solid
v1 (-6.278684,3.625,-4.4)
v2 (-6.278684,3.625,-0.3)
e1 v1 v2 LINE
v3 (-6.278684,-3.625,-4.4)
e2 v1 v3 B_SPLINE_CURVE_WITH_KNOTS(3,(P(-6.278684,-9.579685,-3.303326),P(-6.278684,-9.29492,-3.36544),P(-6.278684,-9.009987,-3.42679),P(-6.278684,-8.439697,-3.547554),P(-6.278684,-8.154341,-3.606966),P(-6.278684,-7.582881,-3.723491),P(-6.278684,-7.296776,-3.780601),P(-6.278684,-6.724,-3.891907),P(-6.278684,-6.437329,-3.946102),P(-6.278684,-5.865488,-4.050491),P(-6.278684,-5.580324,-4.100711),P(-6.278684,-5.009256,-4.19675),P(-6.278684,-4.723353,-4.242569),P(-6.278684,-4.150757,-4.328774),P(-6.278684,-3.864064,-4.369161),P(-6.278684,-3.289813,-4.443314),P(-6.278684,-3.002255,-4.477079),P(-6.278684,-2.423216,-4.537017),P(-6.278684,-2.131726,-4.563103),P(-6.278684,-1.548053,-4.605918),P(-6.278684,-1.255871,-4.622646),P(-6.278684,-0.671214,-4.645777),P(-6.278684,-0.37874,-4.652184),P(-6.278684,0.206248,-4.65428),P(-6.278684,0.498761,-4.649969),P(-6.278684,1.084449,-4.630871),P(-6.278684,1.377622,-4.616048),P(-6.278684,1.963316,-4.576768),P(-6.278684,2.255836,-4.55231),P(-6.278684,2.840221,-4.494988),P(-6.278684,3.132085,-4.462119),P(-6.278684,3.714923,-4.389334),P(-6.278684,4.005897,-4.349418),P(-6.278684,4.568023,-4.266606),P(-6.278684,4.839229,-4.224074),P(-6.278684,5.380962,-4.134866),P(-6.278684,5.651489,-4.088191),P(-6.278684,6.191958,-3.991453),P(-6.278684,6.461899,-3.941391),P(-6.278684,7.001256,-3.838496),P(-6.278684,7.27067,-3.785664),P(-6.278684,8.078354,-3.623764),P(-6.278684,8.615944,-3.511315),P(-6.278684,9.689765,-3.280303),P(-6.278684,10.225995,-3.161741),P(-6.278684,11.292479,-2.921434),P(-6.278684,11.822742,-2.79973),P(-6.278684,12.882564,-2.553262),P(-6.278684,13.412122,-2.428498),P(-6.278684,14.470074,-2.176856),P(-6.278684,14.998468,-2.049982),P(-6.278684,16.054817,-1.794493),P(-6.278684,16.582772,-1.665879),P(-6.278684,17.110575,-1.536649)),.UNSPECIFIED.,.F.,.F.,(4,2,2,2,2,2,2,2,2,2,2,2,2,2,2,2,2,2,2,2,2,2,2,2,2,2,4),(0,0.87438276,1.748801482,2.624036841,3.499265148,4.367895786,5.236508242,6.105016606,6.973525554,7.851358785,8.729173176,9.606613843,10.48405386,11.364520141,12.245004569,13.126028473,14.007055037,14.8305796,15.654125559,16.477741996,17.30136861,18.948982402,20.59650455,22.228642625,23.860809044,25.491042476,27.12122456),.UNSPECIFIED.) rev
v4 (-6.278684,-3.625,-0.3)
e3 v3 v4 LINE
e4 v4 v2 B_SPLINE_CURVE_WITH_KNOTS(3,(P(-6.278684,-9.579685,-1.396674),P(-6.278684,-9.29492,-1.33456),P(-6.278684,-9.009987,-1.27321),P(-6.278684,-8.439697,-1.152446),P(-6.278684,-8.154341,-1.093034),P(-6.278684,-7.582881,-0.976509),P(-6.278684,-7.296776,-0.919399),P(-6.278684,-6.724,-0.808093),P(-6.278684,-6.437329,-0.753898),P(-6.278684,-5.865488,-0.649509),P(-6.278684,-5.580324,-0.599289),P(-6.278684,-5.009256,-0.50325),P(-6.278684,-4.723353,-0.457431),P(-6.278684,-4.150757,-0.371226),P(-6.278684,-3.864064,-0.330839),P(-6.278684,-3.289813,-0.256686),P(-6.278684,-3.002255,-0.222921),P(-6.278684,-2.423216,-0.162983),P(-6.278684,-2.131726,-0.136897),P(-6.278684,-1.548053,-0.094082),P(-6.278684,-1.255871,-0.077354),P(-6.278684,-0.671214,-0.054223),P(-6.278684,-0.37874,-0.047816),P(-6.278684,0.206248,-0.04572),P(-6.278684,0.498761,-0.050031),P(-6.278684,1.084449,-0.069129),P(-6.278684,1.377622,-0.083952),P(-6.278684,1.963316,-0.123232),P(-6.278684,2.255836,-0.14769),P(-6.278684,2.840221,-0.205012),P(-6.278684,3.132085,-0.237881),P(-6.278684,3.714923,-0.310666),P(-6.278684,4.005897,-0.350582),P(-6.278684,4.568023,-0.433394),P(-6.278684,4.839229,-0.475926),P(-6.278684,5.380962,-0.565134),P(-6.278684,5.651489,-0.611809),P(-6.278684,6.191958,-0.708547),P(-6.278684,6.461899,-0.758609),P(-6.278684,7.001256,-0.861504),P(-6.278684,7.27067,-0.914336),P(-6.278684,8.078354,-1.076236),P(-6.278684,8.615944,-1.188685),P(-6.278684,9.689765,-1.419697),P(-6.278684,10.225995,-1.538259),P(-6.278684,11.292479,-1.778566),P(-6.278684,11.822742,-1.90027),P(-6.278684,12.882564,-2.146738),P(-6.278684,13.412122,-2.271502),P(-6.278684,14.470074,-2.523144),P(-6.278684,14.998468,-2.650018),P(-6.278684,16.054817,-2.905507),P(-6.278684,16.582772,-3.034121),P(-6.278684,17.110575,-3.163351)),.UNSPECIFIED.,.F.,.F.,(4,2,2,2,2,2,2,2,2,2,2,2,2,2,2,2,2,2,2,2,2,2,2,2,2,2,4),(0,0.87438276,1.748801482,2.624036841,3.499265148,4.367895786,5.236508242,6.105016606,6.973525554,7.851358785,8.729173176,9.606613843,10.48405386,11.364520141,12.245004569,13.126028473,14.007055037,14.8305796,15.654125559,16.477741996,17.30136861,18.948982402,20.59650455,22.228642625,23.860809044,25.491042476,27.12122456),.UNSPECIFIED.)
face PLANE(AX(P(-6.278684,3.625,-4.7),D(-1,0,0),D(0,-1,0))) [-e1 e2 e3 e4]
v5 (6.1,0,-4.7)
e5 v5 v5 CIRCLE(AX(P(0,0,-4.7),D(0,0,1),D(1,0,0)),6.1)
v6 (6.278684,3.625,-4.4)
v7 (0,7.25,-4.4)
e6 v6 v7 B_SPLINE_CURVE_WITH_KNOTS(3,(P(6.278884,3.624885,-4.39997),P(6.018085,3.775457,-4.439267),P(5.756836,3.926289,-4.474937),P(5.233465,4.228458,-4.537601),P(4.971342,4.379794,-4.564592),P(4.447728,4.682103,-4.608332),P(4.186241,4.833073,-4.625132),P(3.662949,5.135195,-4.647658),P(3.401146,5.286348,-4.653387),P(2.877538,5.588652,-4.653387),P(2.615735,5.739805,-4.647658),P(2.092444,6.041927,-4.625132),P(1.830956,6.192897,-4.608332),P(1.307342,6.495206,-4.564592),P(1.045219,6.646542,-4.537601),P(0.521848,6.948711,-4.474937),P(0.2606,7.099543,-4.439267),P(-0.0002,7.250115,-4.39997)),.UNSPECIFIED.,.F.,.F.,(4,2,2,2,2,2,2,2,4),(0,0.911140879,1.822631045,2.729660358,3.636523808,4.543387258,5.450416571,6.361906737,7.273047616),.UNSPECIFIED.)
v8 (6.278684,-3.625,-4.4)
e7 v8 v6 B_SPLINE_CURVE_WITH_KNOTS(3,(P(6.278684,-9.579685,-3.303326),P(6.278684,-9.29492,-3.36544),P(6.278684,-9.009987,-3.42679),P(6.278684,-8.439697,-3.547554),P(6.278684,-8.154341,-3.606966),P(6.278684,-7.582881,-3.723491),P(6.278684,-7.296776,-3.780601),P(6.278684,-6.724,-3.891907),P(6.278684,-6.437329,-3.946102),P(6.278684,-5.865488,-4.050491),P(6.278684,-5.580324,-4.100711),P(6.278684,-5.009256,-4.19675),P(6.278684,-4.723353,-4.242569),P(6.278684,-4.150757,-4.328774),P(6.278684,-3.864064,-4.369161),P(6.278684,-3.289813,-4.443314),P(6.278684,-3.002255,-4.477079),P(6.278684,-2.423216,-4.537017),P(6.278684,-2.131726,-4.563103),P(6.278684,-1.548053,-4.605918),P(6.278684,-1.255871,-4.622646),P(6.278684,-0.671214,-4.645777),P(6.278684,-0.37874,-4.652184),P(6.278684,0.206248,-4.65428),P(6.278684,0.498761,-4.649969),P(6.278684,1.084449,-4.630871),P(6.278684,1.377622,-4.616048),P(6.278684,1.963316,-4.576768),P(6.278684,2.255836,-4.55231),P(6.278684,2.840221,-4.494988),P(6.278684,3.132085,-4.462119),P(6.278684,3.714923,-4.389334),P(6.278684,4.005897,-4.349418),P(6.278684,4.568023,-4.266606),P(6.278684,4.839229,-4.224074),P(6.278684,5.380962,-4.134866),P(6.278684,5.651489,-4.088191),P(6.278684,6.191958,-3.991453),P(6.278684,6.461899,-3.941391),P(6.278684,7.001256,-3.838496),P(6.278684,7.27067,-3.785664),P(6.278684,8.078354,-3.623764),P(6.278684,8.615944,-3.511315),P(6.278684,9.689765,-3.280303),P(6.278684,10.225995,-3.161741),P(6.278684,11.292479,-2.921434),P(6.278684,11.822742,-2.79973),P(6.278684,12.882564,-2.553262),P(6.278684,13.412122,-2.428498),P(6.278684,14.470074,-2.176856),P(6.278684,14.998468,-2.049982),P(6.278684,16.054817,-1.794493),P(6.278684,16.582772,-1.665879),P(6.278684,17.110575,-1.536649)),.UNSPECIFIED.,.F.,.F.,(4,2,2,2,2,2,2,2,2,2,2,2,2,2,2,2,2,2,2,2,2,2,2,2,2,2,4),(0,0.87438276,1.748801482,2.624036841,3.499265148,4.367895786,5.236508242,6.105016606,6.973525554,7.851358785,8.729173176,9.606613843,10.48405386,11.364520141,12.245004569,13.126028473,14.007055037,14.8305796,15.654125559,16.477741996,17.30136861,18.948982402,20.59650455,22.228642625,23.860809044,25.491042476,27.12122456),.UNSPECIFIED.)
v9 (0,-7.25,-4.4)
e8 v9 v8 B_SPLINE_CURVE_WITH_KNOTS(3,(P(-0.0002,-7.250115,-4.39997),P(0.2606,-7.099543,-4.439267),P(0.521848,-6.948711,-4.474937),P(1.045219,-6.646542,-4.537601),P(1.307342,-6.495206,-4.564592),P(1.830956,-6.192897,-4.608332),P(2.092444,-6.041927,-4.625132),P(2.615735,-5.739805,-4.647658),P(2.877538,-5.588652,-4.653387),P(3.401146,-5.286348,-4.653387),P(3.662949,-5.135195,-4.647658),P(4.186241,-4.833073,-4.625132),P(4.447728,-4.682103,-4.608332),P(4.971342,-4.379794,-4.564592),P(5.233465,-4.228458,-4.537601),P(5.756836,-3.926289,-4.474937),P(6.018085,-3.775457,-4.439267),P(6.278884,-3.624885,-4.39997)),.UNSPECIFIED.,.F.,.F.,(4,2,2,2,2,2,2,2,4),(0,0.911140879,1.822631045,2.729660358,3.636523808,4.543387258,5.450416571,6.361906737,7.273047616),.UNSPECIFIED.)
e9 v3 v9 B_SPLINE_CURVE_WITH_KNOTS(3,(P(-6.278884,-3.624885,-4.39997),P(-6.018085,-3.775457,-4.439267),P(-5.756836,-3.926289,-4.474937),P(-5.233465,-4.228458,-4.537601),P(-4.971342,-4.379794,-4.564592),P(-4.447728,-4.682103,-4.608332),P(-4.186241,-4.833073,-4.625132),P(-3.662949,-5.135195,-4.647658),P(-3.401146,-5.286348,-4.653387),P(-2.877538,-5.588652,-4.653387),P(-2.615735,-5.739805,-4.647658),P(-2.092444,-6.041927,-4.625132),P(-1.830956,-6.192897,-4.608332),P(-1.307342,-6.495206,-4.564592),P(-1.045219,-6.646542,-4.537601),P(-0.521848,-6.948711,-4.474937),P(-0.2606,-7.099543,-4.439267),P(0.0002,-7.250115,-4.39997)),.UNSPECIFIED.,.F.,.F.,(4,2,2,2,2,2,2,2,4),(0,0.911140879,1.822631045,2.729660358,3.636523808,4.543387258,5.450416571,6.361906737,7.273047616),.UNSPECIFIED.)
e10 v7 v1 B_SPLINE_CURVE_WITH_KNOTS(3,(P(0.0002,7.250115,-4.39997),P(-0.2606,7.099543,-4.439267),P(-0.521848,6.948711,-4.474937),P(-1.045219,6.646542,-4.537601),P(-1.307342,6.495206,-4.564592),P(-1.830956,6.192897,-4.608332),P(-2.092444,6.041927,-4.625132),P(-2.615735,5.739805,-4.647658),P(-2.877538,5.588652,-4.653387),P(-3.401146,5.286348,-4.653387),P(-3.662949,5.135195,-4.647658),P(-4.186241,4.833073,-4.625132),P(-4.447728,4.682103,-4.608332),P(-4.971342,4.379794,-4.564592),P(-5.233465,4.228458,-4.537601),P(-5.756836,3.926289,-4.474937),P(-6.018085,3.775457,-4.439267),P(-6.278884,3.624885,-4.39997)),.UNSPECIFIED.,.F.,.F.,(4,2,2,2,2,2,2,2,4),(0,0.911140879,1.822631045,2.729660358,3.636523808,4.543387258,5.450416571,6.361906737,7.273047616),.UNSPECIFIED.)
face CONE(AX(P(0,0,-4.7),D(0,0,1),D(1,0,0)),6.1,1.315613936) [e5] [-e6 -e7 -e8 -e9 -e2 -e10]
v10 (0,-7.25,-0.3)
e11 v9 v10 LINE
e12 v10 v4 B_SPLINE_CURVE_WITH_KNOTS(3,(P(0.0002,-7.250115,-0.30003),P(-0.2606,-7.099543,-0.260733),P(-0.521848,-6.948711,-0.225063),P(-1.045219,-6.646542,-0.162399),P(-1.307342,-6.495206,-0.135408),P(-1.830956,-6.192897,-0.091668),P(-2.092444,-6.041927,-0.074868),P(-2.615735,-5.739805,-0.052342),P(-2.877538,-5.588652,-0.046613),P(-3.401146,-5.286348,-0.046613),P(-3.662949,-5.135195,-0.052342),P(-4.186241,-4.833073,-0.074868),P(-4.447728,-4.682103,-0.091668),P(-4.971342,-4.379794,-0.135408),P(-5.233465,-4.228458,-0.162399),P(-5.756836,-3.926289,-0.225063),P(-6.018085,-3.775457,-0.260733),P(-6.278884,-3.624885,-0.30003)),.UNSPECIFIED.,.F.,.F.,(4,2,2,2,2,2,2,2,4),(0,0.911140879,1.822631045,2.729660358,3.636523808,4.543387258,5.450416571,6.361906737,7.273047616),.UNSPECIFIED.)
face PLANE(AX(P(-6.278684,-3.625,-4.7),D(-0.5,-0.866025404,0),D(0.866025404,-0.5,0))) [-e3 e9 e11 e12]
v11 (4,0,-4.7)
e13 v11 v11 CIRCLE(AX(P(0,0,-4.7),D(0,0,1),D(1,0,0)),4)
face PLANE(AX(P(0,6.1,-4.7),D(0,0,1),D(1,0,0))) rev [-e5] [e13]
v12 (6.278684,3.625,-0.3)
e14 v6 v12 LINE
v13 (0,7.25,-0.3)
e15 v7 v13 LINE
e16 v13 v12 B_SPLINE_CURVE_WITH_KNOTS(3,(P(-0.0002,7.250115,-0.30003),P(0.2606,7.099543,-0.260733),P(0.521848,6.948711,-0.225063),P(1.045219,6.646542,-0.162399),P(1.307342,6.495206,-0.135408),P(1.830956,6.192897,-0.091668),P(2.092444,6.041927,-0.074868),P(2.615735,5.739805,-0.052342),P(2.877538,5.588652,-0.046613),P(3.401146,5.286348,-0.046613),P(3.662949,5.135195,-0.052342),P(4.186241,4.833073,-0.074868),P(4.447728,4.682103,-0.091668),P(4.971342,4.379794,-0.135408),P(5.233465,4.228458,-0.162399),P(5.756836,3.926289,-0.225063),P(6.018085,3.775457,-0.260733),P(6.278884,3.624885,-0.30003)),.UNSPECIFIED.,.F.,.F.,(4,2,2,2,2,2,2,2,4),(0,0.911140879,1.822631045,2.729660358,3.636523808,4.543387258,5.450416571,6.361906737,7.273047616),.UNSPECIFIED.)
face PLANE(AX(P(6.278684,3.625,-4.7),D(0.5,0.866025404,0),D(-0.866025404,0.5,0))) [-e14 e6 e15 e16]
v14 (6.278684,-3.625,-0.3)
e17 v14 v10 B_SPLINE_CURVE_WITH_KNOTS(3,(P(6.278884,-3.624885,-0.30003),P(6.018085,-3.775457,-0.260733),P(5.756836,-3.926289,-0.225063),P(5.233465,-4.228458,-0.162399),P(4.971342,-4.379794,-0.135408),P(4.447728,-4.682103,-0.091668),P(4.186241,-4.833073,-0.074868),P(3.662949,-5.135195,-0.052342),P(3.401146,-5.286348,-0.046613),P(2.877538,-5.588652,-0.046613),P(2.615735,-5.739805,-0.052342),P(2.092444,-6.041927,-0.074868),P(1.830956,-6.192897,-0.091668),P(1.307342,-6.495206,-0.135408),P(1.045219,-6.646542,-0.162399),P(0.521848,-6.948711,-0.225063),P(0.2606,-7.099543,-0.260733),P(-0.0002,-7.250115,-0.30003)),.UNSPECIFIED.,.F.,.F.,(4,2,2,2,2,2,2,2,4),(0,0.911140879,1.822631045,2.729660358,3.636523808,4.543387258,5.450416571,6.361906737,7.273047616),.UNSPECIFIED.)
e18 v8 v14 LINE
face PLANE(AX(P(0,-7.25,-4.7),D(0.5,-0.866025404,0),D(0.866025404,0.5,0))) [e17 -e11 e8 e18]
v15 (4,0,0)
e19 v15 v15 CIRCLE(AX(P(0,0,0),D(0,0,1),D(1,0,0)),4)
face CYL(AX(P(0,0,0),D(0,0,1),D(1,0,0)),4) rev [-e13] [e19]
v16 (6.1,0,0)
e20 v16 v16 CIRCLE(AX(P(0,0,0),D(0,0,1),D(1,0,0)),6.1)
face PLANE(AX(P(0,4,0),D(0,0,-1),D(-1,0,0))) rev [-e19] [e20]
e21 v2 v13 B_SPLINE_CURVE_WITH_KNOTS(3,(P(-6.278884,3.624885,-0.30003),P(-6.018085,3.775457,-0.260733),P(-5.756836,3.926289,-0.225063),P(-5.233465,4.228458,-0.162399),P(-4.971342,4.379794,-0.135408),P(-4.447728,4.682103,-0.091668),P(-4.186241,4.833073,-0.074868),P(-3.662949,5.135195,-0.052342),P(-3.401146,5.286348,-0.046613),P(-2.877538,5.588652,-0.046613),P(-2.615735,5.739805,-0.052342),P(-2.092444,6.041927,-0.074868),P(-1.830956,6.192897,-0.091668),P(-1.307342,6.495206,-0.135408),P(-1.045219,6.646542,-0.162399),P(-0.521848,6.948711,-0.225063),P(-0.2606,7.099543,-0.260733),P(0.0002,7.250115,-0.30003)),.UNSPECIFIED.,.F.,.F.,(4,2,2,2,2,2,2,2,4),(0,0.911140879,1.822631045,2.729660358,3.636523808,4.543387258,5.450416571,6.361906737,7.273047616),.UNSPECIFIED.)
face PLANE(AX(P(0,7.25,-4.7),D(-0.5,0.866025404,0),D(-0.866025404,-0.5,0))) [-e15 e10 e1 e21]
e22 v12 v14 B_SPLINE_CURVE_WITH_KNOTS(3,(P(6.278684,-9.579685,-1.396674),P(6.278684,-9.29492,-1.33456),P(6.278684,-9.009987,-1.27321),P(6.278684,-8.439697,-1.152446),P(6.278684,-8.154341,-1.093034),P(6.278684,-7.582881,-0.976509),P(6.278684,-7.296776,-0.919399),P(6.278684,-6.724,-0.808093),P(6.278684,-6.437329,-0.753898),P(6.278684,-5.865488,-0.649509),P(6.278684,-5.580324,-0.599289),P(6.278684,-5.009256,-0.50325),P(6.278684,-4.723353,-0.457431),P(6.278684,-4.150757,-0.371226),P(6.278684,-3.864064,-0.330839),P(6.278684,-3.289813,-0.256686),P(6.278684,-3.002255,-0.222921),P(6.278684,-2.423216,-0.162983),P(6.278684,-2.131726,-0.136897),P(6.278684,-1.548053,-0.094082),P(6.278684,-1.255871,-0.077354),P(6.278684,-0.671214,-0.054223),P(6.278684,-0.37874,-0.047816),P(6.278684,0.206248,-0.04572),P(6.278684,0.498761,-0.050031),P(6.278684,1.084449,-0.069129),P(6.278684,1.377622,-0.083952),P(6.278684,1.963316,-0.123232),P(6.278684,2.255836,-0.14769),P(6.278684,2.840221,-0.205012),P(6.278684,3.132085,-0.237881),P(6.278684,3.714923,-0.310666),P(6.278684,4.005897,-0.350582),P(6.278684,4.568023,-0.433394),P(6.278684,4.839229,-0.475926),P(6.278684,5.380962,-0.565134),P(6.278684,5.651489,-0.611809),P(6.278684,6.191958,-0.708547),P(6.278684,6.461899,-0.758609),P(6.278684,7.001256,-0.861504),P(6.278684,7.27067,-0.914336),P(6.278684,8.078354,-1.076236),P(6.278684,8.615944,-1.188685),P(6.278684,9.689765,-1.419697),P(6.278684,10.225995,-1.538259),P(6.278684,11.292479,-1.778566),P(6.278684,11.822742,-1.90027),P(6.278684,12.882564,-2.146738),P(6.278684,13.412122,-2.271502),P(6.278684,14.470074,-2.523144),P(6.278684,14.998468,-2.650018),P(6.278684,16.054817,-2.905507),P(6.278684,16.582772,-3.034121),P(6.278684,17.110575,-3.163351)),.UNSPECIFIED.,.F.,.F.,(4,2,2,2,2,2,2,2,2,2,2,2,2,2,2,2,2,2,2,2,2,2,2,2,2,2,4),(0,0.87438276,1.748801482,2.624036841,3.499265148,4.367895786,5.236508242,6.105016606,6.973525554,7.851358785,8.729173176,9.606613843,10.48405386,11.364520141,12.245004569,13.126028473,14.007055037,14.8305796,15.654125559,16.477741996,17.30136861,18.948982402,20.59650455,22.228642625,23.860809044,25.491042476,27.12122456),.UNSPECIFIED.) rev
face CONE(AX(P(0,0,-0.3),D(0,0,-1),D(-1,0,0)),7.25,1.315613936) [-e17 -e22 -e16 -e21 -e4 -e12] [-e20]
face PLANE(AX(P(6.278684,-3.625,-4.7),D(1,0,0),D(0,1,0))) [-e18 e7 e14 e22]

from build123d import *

# Parameters (mm, degrees)
SKETCH_3_OUTSIDE_W  = 20.708
SKETCH_3_OUTSIDE_H  = 20.708
CUT_EXTRUDE_2_DEPTH = 4.7


with BuildPart() as part:
    # Эскиз2 → Повернуть1 (revolve)
    with BuildSketch(Plane(origin=(0, 0, 0), x_dir=(0, 0, -1), z_dir=(1, 0, 0)), mode=Mode.PRIVATE) as revolve_1_sk:
        Polygon((0, 4), (0, 6.1), (0.3, 7.25), (4.4, 7.25), (4.7, 6.1), (4.7, 4), align=None)
    revolve(revolve_1_sk.sketch.rotate(Axis((0, 0, 0), (0, 0, -1)), 90), axis=Axis((0, 0, 0), (0, 0, -1)))

    # Эскиз3 outside → Вытянуть2 (cut)
    with BuildSketch(Plane.XY):
        Rectangle(SKETCH_3_OUTSIDE_W, SKETCH_3_OUTSIDE_H)
        Polygon((0, 7.25), (-6.278684177, 3.625), (-6.278684177, -3.625), (0, -7.25), (6.278684177, -3.625), (6.278684177, 3.625), align=None, mode=Mode.SUBTRACT)
    extrude(amount=-CUT_EXTRUDE_2_DEPTH, mode=Mode.SUBTRACT)


solid = part.part
